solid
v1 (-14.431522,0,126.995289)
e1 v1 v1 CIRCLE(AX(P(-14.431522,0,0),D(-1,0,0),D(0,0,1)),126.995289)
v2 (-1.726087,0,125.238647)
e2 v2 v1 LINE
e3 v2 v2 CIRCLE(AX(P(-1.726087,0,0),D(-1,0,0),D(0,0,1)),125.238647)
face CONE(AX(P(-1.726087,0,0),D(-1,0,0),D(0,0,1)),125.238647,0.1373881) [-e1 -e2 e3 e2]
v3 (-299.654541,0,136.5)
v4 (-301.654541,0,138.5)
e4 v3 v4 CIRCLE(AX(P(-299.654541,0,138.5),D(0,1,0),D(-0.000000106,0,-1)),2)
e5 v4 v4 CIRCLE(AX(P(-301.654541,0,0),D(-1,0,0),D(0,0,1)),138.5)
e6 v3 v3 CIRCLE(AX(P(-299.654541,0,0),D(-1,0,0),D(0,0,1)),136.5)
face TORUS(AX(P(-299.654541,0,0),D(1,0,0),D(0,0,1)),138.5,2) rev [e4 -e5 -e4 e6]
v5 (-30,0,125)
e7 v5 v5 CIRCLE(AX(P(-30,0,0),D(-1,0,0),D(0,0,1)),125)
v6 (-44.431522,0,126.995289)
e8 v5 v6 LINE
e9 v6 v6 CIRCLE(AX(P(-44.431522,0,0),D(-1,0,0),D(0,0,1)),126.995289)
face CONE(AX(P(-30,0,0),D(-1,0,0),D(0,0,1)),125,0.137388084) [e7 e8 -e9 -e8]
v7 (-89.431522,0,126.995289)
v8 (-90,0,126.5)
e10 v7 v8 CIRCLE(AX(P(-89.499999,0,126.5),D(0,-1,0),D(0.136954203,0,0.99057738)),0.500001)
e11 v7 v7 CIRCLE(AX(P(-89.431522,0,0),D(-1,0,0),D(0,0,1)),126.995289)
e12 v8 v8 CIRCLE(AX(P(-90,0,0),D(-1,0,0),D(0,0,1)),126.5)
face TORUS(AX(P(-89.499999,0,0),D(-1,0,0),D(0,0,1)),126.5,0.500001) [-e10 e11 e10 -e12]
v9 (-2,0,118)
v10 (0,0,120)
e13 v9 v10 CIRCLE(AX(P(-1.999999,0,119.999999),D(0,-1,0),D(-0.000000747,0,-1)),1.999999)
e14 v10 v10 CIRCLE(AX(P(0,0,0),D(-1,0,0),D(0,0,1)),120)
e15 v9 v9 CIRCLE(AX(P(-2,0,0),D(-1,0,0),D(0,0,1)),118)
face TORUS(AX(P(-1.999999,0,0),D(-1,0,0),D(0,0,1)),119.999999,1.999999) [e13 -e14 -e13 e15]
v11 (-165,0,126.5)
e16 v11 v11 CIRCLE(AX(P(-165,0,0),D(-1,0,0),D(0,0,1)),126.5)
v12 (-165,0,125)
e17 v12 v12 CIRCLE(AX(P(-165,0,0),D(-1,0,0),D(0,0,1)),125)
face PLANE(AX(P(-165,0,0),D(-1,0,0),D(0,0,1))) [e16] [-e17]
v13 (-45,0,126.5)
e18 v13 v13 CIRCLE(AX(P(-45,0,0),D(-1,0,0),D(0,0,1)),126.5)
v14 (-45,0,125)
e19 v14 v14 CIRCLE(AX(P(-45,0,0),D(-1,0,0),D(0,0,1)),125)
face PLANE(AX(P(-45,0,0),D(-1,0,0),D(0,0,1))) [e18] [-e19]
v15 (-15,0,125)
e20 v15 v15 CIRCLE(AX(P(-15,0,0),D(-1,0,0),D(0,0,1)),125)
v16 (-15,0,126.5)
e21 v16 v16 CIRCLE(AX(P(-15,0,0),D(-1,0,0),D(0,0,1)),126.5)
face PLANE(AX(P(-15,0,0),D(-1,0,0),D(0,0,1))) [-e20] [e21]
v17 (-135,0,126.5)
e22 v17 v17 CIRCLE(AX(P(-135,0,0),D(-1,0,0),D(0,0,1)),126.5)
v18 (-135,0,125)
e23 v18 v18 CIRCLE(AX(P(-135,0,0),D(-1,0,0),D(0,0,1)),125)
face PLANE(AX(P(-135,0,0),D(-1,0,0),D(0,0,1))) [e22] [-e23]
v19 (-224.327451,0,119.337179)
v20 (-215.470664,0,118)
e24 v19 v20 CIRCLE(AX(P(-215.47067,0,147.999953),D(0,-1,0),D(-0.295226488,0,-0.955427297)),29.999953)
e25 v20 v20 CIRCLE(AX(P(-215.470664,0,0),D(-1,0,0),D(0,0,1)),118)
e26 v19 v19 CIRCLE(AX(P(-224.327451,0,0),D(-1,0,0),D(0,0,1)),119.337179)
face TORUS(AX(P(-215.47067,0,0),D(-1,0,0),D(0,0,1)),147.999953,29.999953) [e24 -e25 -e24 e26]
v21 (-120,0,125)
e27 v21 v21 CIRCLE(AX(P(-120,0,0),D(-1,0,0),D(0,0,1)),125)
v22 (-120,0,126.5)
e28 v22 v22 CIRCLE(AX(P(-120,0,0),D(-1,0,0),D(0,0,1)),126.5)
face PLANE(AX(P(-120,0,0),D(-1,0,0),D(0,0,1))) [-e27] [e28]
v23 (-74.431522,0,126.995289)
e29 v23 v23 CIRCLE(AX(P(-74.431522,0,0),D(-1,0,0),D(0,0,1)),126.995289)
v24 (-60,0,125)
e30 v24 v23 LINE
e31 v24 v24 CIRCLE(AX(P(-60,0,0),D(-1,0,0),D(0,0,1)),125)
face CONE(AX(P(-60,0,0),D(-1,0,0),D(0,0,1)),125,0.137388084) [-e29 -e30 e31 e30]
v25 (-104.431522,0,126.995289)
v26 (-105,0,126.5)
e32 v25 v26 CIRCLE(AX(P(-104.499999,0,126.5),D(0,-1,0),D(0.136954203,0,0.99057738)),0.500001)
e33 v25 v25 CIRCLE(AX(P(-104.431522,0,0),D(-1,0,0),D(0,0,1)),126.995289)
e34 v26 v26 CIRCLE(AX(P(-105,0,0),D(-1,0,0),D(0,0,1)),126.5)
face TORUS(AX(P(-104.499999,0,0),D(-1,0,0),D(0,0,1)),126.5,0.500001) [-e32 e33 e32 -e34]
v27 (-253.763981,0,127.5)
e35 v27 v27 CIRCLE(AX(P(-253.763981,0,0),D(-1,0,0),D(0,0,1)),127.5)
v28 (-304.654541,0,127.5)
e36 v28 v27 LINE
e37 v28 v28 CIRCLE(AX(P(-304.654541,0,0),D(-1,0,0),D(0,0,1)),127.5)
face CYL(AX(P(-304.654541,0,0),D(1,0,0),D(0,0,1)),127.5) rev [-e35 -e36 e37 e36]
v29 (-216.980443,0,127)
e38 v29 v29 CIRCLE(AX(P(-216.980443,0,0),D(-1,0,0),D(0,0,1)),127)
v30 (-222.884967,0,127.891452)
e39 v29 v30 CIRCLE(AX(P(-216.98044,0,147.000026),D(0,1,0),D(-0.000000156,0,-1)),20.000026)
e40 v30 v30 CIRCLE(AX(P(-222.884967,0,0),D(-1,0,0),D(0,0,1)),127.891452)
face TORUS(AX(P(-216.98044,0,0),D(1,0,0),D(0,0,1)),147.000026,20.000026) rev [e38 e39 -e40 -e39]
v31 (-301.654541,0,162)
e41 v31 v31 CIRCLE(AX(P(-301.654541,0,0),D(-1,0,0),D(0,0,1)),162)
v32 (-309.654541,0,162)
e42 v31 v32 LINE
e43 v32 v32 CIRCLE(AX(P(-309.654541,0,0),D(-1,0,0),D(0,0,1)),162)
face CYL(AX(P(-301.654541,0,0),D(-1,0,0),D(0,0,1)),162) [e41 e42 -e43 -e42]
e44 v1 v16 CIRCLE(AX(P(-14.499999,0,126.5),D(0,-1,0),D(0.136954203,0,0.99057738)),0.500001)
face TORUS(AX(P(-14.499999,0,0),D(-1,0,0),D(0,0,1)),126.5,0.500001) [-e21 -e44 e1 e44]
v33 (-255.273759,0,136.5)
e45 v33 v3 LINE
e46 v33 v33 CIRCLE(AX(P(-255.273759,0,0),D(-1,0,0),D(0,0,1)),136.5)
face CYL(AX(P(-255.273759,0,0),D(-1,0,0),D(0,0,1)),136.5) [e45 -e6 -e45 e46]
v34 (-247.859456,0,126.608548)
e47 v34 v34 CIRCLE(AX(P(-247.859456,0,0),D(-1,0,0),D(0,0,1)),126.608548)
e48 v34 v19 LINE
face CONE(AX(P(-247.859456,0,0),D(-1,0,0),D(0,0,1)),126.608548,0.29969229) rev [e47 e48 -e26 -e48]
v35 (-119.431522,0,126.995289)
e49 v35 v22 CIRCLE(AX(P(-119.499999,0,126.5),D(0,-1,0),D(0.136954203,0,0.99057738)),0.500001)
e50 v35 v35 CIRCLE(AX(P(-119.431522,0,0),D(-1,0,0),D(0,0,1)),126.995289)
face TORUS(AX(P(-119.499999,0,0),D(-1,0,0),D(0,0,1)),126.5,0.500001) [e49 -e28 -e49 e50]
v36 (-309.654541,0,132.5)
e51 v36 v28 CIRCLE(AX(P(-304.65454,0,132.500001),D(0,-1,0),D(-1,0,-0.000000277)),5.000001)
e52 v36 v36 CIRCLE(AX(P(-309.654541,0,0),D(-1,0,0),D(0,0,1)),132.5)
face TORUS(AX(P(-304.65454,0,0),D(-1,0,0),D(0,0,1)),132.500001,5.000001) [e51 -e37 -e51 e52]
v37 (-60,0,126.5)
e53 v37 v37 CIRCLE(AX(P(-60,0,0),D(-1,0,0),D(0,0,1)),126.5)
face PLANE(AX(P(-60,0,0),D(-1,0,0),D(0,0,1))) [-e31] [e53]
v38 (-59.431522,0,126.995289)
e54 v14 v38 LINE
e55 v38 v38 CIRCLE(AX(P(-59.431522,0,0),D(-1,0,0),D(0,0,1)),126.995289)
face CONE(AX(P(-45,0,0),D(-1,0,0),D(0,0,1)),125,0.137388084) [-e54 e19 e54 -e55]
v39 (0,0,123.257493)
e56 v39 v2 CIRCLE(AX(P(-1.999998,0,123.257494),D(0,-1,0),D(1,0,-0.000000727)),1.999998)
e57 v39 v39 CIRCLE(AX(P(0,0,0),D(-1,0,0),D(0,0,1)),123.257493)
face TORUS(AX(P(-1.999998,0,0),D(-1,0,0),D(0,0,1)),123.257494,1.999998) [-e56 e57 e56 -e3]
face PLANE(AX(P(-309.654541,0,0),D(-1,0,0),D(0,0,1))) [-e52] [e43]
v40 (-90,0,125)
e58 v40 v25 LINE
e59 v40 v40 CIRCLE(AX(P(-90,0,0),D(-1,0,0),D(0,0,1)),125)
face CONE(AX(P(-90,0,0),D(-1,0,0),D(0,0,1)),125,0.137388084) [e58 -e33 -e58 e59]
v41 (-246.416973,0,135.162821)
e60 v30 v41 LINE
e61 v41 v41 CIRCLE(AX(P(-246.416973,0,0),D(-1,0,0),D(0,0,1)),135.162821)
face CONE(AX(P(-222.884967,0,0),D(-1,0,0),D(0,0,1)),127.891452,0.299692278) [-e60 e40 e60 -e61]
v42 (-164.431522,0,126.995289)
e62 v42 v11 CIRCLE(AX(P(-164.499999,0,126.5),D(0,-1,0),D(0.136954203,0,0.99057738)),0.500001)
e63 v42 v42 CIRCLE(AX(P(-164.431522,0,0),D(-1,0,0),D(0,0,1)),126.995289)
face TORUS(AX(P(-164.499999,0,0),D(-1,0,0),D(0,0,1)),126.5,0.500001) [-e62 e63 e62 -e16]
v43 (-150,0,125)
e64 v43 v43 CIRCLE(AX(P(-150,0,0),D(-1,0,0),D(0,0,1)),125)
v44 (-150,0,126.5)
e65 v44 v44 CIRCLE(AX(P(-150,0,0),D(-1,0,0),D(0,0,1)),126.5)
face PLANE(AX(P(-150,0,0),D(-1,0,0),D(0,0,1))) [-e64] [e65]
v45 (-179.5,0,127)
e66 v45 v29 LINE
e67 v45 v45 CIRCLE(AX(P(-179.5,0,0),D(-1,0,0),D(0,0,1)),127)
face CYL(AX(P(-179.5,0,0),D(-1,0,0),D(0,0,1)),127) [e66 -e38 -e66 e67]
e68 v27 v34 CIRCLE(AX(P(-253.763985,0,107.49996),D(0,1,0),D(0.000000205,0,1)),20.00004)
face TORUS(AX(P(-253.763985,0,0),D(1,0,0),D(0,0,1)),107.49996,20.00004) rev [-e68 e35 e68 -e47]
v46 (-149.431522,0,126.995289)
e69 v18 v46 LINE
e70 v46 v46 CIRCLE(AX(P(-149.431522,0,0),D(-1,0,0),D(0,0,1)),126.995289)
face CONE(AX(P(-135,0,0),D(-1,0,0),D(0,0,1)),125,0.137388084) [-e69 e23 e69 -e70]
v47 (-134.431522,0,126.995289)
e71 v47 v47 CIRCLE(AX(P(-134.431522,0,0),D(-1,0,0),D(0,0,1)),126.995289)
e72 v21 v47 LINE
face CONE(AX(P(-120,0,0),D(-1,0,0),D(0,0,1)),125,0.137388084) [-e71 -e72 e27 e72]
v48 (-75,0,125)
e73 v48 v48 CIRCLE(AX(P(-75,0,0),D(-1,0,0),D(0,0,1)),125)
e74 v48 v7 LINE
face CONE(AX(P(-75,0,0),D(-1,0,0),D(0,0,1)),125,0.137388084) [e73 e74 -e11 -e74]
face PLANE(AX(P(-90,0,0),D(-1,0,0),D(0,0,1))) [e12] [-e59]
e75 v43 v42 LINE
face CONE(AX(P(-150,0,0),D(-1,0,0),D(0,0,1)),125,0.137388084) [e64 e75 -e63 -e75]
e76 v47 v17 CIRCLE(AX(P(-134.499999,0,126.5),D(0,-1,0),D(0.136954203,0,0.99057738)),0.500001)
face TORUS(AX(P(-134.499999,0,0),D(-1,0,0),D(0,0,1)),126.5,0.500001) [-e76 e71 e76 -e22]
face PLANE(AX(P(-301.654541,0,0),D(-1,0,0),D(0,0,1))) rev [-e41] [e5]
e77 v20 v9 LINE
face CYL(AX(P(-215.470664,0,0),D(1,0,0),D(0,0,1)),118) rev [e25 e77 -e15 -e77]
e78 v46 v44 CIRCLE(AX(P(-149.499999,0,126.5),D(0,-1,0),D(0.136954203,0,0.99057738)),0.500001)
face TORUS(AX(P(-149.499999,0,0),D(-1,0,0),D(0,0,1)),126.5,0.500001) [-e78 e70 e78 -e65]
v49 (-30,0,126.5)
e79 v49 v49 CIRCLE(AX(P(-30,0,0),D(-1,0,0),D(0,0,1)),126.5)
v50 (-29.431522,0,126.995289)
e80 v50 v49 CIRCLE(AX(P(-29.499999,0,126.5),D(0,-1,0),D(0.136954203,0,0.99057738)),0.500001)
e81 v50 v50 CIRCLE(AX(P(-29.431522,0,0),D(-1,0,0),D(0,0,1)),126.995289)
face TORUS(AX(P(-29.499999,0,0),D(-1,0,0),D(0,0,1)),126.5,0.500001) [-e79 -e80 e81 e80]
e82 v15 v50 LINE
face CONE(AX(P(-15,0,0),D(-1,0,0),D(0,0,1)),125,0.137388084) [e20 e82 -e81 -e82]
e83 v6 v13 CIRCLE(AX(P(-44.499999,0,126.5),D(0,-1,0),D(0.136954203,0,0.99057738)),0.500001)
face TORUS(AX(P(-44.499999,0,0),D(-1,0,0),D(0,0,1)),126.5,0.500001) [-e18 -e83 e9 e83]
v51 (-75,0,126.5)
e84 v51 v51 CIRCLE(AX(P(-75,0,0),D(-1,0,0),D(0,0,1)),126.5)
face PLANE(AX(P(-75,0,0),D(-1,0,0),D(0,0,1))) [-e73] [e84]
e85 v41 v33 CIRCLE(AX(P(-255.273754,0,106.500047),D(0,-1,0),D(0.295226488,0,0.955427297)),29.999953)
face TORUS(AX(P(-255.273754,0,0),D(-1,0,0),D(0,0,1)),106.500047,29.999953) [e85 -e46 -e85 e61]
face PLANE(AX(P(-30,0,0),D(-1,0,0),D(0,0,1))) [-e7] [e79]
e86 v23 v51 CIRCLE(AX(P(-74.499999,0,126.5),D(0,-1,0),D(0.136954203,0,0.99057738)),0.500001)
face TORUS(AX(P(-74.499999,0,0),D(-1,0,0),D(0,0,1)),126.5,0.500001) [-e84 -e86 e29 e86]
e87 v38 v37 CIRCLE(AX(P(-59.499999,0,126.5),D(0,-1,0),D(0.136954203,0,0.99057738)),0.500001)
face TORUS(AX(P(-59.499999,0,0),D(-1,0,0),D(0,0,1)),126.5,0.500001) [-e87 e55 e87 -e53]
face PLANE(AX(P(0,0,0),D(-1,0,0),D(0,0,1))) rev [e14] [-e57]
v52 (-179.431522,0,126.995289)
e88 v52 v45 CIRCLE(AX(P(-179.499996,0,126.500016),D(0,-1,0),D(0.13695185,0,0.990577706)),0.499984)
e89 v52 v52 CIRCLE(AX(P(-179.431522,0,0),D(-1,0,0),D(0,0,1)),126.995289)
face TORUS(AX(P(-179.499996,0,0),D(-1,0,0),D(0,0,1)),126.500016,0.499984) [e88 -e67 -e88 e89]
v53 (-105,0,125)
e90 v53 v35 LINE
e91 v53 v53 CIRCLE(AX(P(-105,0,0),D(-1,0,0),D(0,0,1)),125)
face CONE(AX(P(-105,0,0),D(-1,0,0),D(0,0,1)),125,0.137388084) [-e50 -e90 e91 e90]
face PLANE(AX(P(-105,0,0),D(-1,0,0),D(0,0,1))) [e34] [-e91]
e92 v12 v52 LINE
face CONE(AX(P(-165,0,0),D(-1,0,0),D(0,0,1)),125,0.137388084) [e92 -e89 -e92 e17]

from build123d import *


with BuildPart() as f2:
    # F0 (on Front) → F2 (revolve)
    with BuildSketch(Plane.XZ):
        with BuildLine():
            ThreePointArc((0, 123.257493), (-0.49205, 124.5713), (-1.726087, 125.238647))
            Line((-1.726087, 125.238647), (-14.431522, 126.995289))
            ThreePointArc((-14.431522, 126.995289), (-14.828452, 126.876987), (-15, 126.5))
            Line((-15, 126.5), (-15, 125))
            Line((-15, 125), (-29.431522, 126.995289))
            ThreePointArc((-29.431522, 126.995289), (-29.828452, 126.876987), (-30, 126.5))
            Line((-30, 126.5), (-30, 125))
            Line((-30, 125), (-44.431522, 126.995289))
            ThreePointArc((-44.431522, 126.995289), (-44.828452, 126.876987), (-45, 126.5))
            Line((-45, 126.5), (-45, 125))
            Line((-45, 125), (-59.431522, 126.995289))
            ThreePointArc((-59.431522, 126.995289), (-59.828452, 126.876987), (-60, 126.5))
            Line((-60, 126.5), (-60, 125))
            Line((-60, 125), (-74.431522, 126.995289))
            ThreePointArc((-74.431522, 126.995289), (-74.828452, 126.876987), (-75, 126.5))
            Line((-75, 126.5), (-75, 125))
            Line((-75, 125), (-89.431522, 126.995289))
            ThreePointArc((-89.431522, 126.995289), (-89.828452, 126.876987), (-90, 126.5))
            Line((-90, 126.5), (-90, 125))
            Line((-90, 125), (-104.431522, 126.995289))
            ThreePointArc((-104.431522, 126.995289), (-104.828452, 126.876987), (-105, 126.5))
            Line((-105, 126.5), (-105, 125))
            Line((-105, 125), (-119.431522, 126.995289))
            ThreePointArc((-119.431522, 126.995289), (-119.828452, 126.876987), (-120, 126.5))
            Line((-120, 126.5), (-120, 125))
            Line((-120, 125), (-134.431522, 126.995289))
            ThreePointArc((-134.431522, 126.995289), (-134.828452, 126.876987), (-135, 126.5))
            Line((-135, 126.5), (-135, 125))
            Line((-135, 125), (-149.431522, 126.995289))
            ThreePointArc((-149.431522, 126.995289), (-149.828452, 126.876987), (-150, 126.5))
            Line((-150, 126.5), (-150, 125))
            Line((-150, 125), (-164.431522, 126.995289))
            ThreePointArc((-164.431522, 126.995289), (-164.828452, 126.876987), (-165, 126.5))
            Line((-165, 126.5), (-165, 125))
            Line((-165, 125), (-179.431522, 126.995289))
            ThreePointArc((-179.431522, 126.995289), (-179.46568, 126.998821), (-179.5, 127))
            Line((-179.5, 127), (-216.980443, 127))
            ThreePointArc((-216.980443, 127), (-219.966163, 127.224119), (-222.884967, 127.891452))
            Line((-222.884967, 127.891452), (-246.416973, 135.162821))
            ThreePointArc((-246.416973, 135.162821), (-250.795179, 136.163822), (-255.273759, 136.5))
            Line((-255.273759, 136.5), (-299.654541, 136.5))
            ThreePointArc((-299.654541, 136.5), (-301.068754, 137.085786), (-301.654541, 138.5))
            Line((-301.654541, 138.5), (-301.654541, 162))
            Line((-301.654541, 162), (-309.654541, 162))
            Line((-309.654541, 162), (-309.654541, 132.5))
            ThreePointArc((-309.654541, 132.5), (-308.190074, 128.964466), (-304.654541, 127.5))
            Line((-304.654541, 127.5), (-253.763981, 127.5))
            ThreePointArc((-253.763981, 127.5), (-250.778261, 127.275881), (-247.859456, 126.608548))
            Line((-247.859456, 126.608548), (-224.327451, 119.337179))
            ThreePointArc((-224.327451, 119.337179), (-219.949245, 118.336178), (-215.470664, 118))
            Line((-215.470664, 118), (-2, 118))
            ThreePointArc((-2, 118), (-0.585786, 118.585786), (0, 120))
            Line((0, 120), (0, 123.257493))
        make_face()
    revolve(axis=Axis((-145.232512, 0, 0), (-1, 0, 0)))


solid = f2.part
